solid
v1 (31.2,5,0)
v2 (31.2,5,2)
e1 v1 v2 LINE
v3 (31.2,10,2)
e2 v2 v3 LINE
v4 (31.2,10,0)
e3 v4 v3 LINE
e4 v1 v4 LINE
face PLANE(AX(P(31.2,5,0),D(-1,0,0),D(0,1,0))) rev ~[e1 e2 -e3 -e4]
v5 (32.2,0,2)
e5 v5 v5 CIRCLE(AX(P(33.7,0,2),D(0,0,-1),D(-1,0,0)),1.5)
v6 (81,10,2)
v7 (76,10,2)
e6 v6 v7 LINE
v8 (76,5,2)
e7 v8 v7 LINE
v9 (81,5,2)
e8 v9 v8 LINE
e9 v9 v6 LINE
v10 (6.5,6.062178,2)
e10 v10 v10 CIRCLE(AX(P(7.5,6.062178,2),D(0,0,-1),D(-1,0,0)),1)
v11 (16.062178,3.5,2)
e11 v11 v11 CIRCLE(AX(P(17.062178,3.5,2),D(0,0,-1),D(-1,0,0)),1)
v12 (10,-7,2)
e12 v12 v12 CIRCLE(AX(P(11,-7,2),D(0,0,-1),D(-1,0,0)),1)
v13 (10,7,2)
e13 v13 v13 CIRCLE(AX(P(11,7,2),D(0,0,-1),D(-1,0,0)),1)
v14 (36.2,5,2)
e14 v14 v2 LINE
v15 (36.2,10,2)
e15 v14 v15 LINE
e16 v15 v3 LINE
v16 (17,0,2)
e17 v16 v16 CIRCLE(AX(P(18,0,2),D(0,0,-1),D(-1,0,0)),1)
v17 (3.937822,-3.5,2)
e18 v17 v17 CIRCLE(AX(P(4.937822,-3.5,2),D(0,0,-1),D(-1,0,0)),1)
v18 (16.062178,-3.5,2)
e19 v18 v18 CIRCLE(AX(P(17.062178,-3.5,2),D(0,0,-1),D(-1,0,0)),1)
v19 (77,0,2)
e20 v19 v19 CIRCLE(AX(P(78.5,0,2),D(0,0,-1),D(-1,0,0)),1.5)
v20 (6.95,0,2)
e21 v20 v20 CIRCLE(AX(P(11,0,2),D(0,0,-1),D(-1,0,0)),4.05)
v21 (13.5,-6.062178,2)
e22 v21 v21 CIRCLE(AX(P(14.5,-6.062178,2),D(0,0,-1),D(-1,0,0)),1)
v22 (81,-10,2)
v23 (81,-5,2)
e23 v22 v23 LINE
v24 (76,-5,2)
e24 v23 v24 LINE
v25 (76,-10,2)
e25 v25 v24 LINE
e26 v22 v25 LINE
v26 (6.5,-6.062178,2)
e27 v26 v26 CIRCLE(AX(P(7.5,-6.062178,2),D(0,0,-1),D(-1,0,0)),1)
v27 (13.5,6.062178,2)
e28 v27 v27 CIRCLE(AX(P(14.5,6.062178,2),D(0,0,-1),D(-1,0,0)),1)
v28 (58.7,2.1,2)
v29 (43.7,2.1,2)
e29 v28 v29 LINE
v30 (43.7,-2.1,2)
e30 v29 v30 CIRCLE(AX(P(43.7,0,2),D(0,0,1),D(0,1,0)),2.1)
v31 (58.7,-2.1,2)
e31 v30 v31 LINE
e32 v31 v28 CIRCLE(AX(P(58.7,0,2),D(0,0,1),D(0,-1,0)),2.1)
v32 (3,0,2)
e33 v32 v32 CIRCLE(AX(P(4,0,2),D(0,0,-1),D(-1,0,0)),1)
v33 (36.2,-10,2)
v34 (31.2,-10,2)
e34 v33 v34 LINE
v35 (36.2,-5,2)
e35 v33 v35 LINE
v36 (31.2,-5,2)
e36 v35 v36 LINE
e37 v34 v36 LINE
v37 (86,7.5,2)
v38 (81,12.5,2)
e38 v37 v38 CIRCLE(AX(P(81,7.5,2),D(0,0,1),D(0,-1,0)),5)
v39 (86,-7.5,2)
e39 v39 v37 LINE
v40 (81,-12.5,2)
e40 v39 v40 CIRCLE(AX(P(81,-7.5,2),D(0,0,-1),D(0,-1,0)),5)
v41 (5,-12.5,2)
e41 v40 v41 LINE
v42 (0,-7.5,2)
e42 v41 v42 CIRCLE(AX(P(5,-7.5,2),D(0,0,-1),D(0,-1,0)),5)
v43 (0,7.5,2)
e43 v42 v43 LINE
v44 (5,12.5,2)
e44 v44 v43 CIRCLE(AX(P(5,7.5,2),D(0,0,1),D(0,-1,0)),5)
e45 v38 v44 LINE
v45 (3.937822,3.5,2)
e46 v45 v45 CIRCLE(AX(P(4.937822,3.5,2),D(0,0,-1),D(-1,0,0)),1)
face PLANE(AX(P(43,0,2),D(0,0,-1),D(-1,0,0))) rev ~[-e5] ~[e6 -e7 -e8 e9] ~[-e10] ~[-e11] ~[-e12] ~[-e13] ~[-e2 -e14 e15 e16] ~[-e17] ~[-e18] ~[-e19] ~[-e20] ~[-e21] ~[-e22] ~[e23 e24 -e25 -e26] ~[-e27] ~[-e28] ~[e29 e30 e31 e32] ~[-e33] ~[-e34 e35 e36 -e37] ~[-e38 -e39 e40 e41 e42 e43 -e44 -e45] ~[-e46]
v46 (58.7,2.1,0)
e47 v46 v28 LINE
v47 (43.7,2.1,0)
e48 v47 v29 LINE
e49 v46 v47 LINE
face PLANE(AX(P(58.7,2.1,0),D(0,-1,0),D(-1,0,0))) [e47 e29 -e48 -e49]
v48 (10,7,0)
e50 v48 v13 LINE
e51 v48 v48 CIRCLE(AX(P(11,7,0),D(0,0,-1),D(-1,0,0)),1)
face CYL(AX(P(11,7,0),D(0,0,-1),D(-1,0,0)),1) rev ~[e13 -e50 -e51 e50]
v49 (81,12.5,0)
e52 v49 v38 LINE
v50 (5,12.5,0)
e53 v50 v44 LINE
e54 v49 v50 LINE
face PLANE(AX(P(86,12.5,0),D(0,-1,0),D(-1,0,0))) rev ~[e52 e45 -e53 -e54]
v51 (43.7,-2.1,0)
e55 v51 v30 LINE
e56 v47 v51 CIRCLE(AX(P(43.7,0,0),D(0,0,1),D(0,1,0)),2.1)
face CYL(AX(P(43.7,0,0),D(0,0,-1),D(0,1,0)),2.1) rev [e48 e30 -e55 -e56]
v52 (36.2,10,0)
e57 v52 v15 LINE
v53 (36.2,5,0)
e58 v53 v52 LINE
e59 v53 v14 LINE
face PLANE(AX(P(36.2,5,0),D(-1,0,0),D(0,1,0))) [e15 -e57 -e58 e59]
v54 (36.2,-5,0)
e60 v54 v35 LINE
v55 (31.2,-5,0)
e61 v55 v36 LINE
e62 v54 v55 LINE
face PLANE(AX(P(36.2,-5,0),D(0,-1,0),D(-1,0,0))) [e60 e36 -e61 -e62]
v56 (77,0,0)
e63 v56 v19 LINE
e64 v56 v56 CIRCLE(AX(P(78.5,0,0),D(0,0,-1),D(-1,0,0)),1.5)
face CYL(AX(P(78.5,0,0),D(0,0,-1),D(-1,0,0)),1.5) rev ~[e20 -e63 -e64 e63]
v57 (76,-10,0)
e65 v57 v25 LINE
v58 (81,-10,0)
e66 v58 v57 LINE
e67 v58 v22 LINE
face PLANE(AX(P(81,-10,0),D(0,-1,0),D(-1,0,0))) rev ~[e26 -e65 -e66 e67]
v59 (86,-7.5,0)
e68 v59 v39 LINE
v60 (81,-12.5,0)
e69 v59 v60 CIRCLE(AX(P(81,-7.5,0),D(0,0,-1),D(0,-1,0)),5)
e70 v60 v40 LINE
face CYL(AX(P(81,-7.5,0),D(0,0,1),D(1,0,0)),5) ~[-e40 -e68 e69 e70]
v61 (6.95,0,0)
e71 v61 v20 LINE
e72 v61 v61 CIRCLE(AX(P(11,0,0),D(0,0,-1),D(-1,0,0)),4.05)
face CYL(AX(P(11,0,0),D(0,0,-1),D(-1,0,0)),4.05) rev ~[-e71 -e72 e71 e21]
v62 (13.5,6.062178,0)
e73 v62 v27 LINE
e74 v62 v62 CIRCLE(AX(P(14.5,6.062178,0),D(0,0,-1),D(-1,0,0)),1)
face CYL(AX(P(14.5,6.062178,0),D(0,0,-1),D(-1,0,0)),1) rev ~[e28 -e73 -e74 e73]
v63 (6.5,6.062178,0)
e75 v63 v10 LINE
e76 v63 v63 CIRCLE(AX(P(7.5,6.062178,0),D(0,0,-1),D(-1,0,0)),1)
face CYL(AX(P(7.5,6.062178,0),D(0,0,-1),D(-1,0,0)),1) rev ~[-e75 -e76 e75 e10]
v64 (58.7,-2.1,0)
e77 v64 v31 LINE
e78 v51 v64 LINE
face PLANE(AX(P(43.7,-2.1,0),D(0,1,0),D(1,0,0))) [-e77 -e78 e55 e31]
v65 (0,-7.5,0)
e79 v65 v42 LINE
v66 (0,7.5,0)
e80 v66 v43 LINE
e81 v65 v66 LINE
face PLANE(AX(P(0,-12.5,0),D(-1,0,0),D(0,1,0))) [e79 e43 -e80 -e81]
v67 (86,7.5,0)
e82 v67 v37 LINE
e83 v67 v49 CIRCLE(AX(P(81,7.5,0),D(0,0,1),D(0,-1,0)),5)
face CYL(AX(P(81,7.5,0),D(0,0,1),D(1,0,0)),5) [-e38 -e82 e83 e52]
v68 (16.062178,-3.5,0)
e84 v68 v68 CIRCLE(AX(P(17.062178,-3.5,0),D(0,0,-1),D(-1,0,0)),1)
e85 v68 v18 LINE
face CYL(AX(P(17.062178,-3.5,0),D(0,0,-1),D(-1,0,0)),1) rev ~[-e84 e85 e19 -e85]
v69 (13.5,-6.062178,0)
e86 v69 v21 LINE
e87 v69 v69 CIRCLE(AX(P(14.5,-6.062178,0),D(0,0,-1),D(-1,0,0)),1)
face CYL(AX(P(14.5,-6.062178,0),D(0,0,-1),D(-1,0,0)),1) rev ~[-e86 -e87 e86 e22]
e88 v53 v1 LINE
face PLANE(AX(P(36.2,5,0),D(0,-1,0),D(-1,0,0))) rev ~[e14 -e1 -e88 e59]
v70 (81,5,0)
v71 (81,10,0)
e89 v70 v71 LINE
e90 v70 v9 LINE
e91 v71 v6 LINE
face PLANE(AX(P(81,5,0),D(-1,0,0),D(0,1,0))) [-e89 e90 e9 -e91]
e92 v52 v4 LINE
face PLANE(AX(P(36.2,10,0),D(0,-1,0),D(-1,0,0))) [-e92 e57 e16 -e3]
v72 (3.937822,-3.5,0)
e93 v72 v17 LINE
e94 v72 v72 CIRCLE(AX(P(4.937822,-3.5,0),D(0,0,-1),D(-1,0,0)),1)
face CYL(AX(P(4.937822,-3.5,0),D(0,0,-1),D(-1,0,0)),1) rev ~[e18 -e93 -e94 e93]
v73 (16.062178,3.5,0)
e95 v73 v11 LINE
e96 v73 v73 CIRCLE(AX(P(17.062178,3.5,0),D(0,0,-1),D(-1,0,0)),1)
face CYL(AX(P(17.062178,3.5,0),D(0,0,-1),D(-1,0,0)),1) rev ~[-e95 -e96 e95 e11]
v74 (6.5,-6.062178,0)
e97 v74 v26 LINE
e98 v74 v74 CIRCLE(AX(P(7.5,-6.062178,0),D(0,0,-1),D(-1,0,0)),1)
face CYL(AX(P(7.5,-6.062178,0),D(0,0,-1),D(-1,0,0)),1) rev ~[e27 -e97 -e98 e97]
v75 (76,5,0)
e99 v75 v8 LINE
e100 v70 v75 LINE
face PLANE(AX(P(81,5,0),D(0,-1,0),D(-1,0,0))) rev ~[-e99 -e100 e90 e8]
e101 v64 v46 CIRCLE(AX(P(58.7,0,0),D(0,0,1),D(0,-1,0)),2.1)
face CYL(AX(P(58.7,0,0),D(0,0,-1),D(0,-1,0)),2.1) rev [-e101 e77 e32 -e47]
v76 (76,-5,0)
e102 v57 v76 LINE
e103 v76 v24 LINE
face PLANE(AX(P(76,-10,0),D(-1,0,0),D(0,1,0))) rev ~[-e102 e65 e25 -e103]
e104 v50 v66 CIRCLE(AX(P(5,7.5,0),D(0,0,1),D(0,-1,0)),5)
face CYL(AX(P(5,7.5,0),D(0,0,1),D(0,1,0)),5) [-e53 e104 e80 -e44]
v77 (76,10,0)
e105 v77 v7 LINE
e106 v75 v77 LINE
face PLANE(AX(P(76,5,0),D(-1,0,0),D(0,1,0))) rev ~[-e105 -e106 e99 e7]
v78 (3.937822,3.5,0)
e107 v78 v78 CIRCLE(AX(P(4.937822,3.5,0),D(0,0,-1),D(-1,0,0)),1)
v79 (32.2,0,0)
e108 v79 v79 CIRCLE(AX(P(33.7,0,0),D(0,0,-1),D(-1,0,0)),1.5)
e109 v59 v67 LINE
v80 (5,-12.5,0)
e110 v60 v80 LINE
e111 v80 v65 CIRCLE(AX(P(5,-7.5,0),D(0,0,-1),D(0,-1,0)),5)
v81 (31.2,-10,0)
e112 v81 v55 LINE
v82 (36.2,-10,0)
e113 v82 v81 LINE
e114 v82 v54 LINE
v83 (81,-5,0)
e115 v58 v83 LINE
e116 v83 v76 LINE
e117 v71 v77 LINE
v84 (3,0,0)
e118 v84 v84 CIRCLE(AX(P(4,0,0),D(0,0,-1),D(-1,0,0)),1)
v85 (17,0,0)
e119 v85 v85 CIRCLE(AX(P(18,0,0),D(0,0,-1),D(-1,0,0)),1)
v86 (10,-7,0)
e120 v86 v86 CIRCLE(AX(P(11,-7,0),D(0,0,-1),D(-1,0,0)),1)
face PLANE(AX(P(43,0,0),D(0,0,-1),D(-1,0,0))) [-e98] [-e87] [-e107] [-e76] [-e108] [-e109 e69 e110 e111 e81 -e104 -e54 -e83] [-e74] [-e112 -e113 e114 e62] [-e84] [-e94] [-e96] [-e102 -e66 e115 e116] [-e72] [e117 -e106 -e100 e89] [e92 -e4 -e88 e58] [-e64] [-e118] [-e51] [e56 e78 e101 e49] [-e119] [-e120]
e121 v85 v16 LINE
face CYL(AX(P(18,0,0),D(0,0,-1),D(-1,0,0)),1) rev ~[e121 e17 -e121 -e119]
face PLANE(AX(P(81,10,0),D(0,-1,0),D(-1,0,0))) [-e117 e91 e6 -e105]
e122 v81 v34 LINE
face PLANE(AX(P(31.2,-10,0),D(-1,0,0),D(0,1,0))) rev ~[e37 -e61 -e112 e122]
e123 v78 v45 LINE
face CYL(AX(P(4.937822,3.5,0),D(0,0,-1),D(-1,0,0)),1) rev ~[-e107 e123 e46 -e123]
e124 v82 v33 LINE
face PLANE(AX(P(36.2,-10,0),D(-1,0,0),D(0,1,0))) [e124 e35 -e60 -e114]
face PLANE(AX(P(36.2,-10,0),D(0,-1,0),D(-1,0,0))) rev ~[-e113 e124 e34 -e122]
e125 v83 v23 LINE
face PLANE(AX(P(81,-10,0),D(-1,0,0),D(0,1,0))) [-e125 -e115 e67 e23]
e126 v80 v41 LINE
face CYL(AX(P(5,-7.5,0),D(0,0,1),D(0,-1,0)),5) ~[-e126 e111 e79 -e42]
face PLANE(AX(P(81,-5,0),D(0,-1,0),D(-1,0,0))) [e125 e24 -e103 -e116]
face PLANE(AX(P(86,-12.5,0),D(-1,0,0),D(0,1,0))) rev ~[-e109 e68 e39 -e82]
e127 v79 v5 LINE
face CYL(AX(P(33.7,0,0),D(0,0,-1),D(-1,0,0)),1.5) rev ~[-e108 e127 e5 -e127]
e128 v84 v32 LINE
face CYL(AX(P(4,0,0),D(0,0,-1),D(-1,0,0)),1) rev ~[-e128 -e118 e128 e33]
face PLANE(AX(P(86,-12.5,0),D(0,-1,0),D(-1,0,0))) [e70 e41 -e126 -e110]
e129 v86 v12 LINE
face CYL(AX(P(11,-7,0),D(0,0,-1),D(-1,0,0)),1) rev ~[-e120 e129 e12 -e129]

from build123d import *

# Parameters (mm, degrees)
ESQUISSE2_W        = 86
ESQUISSE2_H        = 25
ESQUISSE2_R        = 4.05
ESQUISSE2_R_2      = 1
ESQUISSE2_R_3      = 1.5
ESQUISSE2_W_2      = 5
ESQUISSE2_H_2      = 5
BOSS_EXTRU_1_DEPTH = 2
CONG_1_R           = 5


with BuildPart() as part:
    # Esquisse2 → Boss.-Extru.1 (new body)
    with BuildSketch(Plane(origin=(0, 0, 0), x_dir=(-1, 0, 0), z_dir=(0, 0, -1))):
        with Locations((-43, 0)):
            Rectangle(ESQUISSE2_W, ESQUISSE2_H)
        with Locations((-11, 0)):
            Circle(ESQUISSE2_R, mode=Mode.SUBTRACT)
        with Locations((-4, 0)):
            Circle(ESQUISSE2_R_2, mode=Mode.SUBTRACT)
        with Locations((-4.937822174, -3.5)):
            Circle(ESQUISSE2_R_2, mode=Mode.SUBTRACT)
        with Locations((-7.5, -6.062177826)):
            Circle(ESQUISSE2_R_2, mode=Mode.SUBTRACT)
        with Locations((-11, -7)):
            Circle(ESQUISSE2_R_2, mode=Mode.SUBTRACT)
        with Locations((-14.5, -6.062177826)):
            Circle(ESQUISSE2_R_2, mode=Mode.SUBTRACT)
        with Locations((-17.062177826, -3.5)):
            Circle(ESQUISSE2_R_2, mode=Mode.SUBTRACT)
        with Locations((-18, 0)):
            Circle(ESQUISSE2_R_2, mode=Mode.SUBTRACT)
        with Locations((-17.062177826, 3.5)):
            Circle(ESQUISSE2_R_2, mode=Mode.SUBTRACT)
        with Locations((-14.5, 6.062177826)):
            Circle(ESQUISSE2_R_2, mode=Mode.SUBTRACT)
        with Locations((-11, 7)):
            Circle(ESQUISSE2_R_2, mode=Mode.SUBTRACT)
        with Locations((-7.5, 6.062177826)):
            Circle(ESQUISSE2_R_2, mode=Mode.SUBTRACT)
        with Locations((-4.937822174, 3.5)):
            Circle(ESQUISSE2_R_2, mode=Mode.SUBTRACT)
        with Locations((-78.5, 0)):
            Circle(ESQUISSE2_R_3, mode=Mode.SUBTRACT)
        with Locations((-33.7, 0)):
            Circle(ESQUISSE2_R_3, mode=Mode.SUBTRACT)
        with BuildLine():
            Line((-43.7, -2.1), (-58.7, -2.1))
            ThreePointArc((-58.7, -2.1), (-60.8, 0), (-58.7, 2.1))
            Line((-58.7, 2.1), (-43.7, 2.1))
            ThreePointArc((-43.7, 2.1), (-41.6, 0), (-43.7, -2.1))
        make_face(mode=Mode.SUBTRACT)
        with Locations((-78.5, -7.5)):
            Rectangle(ESQUISSE2_W_2, ESQUISSE2_H_2, mode=Mode.SUBTRACT)
        with Locations((-78.5, 7.5)):
            Rectangle(ESQUISSE2_W_2, ESQUISSE2_H_2, mode=Mode.SUBTRACT)
        with Locations((-33.7, -7.5)):
            Rectangle(ESQUISSE2_W_2, ESQUISSE2_H_2, mode=Mode.SUBTRACT)
        with Locations((-33.7, 7.5)):
            Rectangle(ESQUISSE2_W_2, ESQUISSE2_H_2, mode=Mode.SUBTRACT)
    extrude(amount=-BOSS_EXTRU_1_DEPTH)

    # Congé1
    cong_1_edges = [part.edges().sort_by_distance(p)[0] for p in [
        (86, 12.5, 1),
        (0, 12.5, 1),
        (0, -12.5, 1),
        (86, -12.5, 1),
    ]]
    fillet(cong_1_edges, radius=CONG_1_R)


solid = part.part
